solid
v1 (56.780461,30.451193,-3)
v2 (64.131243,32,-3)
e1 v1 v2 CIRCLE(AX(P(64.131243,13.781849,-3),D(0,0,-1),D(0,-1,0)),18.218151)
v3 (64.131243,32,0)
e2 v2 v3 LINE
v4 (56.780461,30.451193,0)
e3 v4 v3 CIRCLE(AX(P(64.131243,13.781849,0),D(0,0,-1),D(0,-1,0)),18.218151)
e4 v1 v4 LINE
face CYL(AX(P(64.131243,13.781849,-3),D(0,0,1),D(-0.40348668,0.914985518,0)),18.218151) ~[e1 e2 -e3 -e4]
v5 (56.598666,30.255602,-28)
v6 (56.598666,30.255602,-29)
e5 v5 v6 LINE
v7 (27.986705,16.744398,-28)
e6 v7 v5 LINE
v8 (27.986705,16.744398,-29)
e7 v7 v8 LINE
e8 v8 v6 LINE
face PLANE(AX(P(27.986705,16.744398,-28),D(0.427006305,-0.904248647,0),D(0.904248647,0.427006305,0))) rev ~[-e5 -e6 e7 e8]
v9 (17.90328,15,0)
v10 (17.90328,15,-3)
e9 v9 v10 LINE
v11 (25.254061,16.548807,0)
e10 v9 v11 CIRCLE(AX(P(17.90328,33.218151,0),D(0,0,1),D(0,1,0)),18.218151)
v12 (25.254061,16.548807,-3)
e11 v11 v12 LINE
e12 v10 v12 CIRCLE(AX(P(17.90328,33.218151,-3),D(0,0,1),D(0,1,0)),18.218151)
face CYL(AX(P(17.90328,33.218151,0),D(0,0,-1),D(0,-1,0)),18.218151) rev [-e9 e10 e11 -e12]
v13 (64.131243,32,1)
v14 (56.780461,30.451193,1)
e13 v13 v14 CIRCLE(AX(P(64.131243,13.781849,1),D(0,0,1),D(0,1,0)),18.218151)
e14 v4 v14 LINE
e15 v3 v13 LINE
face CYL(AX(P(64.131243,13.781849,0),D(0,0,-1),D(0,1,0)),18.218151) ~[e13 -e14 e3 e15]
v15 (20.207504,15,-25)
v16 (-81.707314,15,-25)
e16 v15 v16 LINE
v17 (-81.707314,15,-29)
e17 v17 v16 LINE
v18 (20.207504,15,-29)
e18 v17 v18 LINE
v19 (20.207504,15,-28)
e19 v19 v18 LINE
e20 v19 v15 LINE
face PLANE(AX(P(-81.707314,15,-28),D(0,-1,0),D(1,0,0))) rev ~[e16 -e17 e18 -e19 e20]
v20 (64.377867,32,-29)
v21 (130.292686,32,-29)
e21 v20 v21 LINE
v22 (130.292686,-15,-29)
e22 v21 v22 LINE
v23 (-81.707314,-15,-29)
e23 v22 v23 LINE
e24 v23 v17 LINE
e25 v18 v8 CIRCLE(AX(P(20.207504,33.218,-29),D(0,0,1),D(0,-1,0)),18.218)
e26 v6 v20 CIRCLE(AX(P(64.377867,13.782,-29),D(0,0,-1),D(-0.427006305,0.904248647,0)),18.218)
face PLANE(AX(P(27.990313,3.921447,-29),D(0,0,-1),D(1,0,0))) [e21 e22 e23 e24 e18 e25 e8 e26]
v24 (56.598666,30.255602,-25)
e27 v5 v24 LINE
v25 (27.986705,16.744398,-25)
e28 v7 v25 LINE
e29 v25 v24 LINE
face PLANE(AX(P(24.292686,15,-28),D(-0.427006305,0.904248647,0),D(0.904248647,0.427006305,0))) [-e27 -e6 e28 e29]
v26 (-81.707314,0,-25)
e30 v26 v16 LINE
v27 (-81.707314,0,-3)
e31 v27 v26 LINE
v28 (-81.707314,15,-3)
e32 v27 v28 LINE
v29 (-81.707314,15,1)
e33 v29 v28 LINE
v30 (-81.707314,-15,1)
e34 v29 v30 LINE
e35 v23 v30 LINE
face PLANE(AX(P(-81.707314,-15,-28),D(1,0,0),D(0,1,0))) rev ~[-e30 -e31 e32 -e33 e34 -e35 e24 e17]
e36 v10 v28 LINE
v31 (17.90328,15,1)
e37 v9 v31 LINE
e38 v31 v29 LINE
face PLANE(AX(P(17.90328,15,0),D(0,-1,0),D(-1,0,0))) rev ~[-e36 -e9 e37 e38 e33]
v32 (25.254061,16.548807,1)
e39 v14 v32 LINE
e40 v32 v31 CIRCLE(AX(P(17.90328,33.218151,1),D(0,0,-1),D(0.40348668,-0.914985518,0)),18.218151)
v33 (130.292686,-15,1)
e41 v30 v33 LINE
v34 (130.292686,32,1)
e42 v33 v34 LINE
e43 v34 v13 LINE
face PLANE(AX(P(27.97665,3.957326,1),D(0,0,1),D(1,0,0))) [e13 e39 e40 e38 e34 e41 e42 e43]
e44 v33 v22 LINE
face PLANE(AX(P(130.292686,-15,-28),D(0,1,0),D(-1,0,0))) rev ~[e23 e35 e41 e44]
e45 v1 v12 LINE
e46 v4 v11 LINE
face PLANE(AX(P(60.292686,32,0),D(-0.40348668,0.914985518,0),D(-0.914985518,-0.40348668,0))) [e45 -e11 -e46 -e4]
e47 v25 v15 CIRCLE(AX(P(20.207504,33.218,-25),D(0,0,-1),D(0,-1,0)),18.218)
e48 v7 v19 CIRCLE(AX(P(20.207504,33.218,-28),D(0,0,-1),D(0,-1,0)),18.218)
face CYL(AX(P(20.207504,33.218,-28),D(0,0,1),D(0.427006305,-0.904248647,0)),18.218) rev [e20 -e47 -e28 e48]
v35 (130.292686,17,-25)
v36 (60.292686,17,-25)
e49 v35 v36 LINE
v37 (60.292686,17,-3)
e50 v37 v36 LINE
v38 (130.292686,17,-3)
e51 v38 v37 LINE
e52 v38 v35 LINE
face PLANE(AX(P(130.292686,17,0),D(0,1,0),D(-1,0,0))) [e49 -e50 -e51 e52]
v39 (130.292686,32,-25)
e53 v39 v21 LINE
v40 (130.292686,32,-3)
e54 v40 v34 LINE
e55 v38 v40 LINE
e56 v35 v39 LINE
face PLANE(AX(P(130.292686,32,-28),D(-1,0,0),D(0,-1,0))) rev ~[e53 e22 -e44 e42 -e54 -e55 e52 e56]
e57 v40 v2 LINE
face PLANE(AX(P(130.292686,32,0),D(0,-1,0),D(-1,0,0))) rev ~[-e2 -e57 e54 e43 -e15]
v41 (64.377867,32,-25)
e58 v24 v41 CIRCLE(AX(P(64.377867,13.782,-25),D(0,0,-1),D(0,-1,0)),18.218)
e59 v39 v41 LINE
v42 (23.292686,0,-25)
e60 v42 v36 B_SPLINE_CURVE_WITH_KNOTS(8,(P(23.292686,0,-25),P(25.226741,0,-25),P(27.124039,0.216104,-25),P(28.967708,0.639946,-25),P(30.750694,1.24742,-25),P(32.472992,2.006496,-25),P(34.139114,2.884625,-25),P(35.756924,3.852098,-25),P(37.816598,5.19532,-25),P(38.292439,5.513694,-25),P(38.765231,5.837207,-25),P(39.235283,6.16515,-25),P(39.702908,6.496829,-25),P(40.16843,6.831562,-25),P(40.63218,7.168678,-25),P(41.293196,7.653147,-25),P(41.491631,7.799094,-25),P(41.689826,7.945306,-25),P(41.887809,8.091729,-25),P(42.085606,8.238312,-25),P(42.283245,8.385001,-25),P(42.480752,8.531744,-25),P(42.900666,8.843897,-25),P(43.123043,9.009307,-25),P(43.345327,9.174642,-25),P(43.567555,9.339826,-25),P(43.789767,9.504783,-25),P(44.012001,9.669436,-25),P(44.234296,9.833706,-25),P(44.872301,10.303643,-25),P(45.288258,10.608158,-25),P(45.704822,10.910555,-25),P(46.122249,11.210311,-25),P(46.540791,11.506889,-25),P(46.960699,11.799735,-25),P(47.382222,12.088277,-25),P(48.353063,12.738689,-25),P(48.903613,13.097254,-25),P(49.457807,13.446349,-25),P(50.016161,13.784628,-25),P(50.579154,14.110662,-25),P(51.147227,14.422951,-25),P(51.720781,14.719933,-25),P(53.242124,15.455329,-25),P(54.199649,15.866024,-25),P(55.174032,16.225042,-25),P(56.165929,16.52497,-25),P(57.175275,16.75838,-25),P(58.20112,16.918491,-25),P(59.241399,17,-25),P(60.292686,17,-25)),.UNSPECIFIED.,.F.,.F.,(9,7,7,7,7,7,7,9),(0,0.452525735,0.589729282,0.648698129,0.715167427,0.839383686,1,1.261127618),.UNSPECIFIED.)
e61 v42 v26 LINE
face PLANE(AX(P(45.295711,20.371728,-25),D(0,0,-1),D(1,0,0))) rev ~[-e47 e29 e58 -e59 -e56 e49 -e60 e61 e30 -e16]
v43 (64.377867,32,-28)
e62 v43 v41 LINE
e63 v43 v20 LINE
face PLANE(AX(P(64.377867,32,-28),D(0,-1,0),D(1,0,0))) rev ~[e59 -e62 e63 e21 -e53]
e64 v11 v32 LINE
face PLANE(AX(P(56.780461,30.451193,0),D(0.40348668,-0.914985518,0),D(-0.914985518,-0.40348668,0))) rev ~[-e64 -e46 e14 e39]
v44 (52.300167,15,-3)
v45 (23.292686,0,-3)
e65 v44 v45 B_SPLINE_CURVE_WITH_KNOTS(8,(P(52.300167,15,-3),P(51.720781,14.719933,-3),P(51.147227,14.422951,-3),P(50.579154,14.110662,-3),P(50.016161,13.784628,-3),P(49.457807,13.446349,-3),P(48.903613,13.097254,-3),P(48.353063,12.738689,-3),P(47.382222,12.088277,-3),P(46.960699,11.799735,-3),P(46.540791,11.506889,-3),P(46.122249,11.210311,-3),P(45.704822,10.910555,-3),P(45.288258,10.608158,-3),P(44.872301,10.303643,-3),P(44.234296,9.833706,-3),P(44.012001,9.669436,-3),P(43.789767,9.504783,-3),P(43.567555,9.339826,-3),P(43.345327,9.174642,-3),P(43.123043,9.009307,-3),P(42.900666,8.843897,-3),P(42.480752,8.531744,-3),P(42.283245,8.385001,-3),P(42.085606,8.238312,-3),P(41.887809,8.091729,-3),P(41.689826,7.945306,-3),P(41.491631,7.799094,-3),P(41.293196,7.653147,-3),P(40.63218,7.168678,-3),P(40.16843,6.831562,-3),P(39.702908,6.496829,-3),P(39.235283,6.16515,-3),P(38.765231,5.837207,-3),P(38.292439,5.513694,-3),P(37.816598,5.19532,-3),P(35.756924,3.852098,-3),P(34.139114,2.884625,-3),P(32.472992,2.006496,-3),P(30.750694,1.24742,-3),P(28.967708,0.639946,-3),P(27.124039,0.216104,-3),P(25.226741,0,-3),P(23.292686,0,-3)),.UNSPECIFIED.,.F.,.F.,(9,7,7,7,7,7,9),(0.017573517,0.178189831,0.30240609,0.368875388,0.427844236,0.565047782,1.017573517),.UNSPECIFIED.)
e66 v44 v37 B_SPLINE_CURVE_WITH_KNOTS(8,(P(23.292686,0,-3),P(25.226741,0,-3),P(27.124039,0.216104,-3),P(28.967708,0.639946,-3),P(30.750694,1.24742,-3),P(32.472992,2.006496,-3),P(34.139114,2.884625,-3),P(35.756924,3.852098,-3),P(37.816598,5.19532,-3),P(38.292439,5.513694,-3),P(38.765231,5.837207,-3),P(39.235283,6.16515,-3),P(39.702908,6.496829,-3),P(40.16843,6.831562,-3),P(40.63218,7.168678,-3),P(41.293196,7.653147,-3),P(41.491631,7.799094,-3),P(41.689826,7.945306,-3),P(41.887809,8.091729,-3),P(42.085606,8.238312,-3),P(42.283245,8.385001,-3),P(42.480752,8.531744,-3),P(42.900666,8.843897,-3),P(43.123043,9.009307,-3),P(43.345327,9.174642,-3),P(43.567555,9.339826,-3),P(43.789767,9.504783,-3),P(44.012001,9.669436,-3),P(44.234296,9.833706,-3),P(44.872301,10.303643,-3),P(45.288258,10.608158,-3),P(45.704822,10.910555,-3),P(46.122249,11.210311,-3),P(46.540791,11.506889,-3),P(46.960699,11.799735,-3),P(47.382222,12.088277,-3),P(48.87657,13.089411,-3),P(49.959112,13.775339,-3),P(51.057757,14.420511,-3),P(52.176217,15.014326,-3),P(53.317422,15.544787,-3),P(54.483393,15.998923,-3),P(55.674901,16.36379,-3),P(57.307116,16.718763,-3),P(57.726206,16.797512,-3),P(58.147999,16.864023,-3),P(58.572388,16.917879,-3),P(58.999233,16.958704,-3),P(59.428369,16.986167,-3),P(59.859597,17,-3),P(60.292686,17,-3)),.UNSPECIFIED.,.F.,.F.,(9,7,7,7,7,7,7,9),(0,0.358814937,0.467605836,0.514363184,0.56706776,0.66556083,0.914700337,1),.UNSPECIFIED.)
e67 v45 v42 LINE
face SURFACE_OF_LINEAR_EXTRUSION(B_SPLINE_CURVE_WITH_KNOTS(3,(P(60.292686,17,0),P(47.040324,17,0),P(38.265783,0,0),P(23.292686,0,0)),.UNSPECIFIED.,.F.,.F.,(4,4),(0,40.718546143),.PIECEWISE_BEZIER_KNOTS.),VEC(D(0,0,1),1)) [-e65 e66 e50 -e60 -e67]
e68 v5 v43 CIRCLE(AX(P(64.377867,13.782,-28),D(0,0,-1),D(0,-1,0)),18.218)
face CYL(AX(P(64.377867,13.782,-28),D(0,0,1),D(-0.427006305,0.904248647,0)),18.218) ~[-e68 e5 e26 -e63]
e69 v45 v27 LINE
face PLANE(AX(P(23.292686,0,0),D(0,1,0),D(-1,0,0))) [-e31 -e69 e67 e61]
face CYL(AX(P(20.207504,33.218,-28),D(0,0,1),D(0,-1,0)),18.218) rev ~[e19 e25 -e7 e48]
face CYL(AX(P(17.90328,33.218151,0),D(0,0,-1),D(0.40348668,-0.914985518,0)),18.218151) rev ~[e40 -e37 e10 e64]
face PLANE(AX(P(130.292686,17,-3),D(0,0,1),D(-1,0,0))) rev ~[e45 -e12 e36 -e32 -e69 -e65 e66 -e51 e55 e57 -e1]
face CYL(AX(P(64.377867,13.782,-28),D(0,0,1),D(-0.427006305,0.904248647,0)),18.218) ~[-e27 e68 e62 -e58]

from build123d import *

# Parameters (mm, degrees)
F1_DEPTH  = 28
F2_W      = 211.909
F2_H      = 3
F3_DEPTH  = 15
F4_W      = 70
F4_H      = 3
F5_DEPTH  = 15
F7_DEPTH  = 3
F8_R      = 18.2181512029
F10_DEPTH = 3
F11_R     = 18.218
F13_DEPTH = 1
F15_DEPTH = 1


with BuildPart() as f1:
    # F0 (on Top) → F1 (new body)
    with BuildSketch(Plane.XY):
        with BuildLine():
            Line((23.2926856095, 0), (-81.7073143905, 0))
            Line((-81.7073143905, 0), (-81.7073143905, -15))
            Line((-81.7073143905, -15), (130.2926856095, -15))
            Line((130.2926856095, -15), (130.2926856095, 17))
            Line((130.2926856095, 17), (60.2926856095, 17))
            add(Edge.make_bspline(
                [(60.2926856095, 17), (47.0403235396, 17), (38.2657825675, 0), (23.2926856095, 0)],
                knots=[0, 0, 0, 0, 40.718546143, 40.718546143, 40.718546143, 40.718546143], degree=3))
        make_face()
    extrude(amount=-F1_DEPTH)

    # F2 (on face) → F3 (join)
    with BuildSketch(Plane(origin=(0, 0, 0), x_dir=(-1, 0, 0), z_dir=(0, 1, 0))):
        with Locations((-24.2471856095, -1.5)):
            Rectangle(F2_W, F2_H)
        with Locations((-24.2471856095, -26.5)):
            Rectangle(F2_W, F2_H)
    extrude(amount=F3_DEPTH)

    # F4 (on face) → F5 (join)
    with BuildSketch(Plane(origin=(0, 17, 0), x_dir=(-1, 0, 0), z_dir=(0, 1, 0))):
        with Locations((-95.2926856095, -26.5)):
            Rectangle(F4_W, F4_H)
        with Locations((-95.2926856095, -1.5)):
            Rectangle(F4_W, F4_H)
    extrude(amount=F5_DEPTH)

    # F6 (on face) → F7 (join)
    with BuildSketch(Plane.XY):
        Polygon((64.7905170918, 0), (60.2926856095, 32), (21.7418372631, 15), (26.0446537286, -15), align=None)
    extrude(amount=-F7_DEPTH)

    # F8
    f8_edges = [f1.edges().sort_by_distance(p)[0] for p in [
        (60.292686, 32, -1.5),
        (21.741837, 15, -1.5),
    ]]
    fillet(f8_edges, radius=F8_R)

    # F9 (on face) → F10 (join)
    with BuildSketch(Plane(origin=(0, 0, -28), x_dir=(1, 0, 0), z_dir=(0, 0, -1))):
        Polygon((24.2926856095, -15), (60.2926856095, -32), (60.2926856095, -17), (52.3001670697, -15), align=None)
    extrude(amount=-F10_DEPTH)

    # F11
    f11_edges = [f1.edges().sort_by_distance(p)[0] for p in [
        (60.292686, 32, -26.5),
        (24.292686, 15, -26.5),
    ]]
    fillet(f11_edges, radius=F11_R)

    # F12 (on face) → F13 (join)
    with BuildSketch(Plane.XY):
        with BuildLine():
            Line((130.2926856095, -15), (130.2926856095, 32))
            Line((130.2926856095, 32), (64.1312427554, 32))
            ThreePointArc((64.1312427554, 32), (60.3751547463, 31.6085937641), (56.7804614092, 30.4511933209))
            Line((56.7804614092, 30.4511933209), (25.2540614634, 16.5488066791))
            ThreePointArc((25.2540614634, 16.5488066791), (21.6593681263, 15.3914062359), (17.9032801172, 15))
            Line((17.9032801172, 15), (-81.7073143905, 15))
            Line((-81.7073143905, 15), (-81.7073143905, -15))
            Line((-81.7073143905, -15), (26.0446537286, -15))
            Line((26.0446537286, -15), (130.2926856095, -15))
        make_face()
    extrude(amount=F13_DEPTH)

    # F14 (on face) → F15 (join)
    with BuildSketch(Plane(origin=(0, 0, -28), x_dir=(1, 0, 0), z_dir=(0, 0, -1))):
        with BuildLine():
            ThreePointArc((20.2075043569, -15), (24.1936958703, -15.4414479941), (27.9867052288, -16.7443981536))
            Line((27.9867052288, -16.7443981536), (56.5986659901, -30.2556018464))
            ThreePointArc((56.5986659901, -30.2556018464), (60.3916753487, -31.5585520059), (64.3778668621, -32))
            Line((64.3778668621, -32), (130.2926856095, -32))
            Line((130.2926856095, -32), (130.2926856095, 15))
            Line((130.2926856095, 15), (-81.7073143905, 15))
            Line((-81.7073143905, 15), (-81.7073143905, -15))
            Line((-81.7073143905, -15), (20.2075043569, -15))
        make_face()
    extrude(amount=F15_DEPTH)


solid = f1.part
